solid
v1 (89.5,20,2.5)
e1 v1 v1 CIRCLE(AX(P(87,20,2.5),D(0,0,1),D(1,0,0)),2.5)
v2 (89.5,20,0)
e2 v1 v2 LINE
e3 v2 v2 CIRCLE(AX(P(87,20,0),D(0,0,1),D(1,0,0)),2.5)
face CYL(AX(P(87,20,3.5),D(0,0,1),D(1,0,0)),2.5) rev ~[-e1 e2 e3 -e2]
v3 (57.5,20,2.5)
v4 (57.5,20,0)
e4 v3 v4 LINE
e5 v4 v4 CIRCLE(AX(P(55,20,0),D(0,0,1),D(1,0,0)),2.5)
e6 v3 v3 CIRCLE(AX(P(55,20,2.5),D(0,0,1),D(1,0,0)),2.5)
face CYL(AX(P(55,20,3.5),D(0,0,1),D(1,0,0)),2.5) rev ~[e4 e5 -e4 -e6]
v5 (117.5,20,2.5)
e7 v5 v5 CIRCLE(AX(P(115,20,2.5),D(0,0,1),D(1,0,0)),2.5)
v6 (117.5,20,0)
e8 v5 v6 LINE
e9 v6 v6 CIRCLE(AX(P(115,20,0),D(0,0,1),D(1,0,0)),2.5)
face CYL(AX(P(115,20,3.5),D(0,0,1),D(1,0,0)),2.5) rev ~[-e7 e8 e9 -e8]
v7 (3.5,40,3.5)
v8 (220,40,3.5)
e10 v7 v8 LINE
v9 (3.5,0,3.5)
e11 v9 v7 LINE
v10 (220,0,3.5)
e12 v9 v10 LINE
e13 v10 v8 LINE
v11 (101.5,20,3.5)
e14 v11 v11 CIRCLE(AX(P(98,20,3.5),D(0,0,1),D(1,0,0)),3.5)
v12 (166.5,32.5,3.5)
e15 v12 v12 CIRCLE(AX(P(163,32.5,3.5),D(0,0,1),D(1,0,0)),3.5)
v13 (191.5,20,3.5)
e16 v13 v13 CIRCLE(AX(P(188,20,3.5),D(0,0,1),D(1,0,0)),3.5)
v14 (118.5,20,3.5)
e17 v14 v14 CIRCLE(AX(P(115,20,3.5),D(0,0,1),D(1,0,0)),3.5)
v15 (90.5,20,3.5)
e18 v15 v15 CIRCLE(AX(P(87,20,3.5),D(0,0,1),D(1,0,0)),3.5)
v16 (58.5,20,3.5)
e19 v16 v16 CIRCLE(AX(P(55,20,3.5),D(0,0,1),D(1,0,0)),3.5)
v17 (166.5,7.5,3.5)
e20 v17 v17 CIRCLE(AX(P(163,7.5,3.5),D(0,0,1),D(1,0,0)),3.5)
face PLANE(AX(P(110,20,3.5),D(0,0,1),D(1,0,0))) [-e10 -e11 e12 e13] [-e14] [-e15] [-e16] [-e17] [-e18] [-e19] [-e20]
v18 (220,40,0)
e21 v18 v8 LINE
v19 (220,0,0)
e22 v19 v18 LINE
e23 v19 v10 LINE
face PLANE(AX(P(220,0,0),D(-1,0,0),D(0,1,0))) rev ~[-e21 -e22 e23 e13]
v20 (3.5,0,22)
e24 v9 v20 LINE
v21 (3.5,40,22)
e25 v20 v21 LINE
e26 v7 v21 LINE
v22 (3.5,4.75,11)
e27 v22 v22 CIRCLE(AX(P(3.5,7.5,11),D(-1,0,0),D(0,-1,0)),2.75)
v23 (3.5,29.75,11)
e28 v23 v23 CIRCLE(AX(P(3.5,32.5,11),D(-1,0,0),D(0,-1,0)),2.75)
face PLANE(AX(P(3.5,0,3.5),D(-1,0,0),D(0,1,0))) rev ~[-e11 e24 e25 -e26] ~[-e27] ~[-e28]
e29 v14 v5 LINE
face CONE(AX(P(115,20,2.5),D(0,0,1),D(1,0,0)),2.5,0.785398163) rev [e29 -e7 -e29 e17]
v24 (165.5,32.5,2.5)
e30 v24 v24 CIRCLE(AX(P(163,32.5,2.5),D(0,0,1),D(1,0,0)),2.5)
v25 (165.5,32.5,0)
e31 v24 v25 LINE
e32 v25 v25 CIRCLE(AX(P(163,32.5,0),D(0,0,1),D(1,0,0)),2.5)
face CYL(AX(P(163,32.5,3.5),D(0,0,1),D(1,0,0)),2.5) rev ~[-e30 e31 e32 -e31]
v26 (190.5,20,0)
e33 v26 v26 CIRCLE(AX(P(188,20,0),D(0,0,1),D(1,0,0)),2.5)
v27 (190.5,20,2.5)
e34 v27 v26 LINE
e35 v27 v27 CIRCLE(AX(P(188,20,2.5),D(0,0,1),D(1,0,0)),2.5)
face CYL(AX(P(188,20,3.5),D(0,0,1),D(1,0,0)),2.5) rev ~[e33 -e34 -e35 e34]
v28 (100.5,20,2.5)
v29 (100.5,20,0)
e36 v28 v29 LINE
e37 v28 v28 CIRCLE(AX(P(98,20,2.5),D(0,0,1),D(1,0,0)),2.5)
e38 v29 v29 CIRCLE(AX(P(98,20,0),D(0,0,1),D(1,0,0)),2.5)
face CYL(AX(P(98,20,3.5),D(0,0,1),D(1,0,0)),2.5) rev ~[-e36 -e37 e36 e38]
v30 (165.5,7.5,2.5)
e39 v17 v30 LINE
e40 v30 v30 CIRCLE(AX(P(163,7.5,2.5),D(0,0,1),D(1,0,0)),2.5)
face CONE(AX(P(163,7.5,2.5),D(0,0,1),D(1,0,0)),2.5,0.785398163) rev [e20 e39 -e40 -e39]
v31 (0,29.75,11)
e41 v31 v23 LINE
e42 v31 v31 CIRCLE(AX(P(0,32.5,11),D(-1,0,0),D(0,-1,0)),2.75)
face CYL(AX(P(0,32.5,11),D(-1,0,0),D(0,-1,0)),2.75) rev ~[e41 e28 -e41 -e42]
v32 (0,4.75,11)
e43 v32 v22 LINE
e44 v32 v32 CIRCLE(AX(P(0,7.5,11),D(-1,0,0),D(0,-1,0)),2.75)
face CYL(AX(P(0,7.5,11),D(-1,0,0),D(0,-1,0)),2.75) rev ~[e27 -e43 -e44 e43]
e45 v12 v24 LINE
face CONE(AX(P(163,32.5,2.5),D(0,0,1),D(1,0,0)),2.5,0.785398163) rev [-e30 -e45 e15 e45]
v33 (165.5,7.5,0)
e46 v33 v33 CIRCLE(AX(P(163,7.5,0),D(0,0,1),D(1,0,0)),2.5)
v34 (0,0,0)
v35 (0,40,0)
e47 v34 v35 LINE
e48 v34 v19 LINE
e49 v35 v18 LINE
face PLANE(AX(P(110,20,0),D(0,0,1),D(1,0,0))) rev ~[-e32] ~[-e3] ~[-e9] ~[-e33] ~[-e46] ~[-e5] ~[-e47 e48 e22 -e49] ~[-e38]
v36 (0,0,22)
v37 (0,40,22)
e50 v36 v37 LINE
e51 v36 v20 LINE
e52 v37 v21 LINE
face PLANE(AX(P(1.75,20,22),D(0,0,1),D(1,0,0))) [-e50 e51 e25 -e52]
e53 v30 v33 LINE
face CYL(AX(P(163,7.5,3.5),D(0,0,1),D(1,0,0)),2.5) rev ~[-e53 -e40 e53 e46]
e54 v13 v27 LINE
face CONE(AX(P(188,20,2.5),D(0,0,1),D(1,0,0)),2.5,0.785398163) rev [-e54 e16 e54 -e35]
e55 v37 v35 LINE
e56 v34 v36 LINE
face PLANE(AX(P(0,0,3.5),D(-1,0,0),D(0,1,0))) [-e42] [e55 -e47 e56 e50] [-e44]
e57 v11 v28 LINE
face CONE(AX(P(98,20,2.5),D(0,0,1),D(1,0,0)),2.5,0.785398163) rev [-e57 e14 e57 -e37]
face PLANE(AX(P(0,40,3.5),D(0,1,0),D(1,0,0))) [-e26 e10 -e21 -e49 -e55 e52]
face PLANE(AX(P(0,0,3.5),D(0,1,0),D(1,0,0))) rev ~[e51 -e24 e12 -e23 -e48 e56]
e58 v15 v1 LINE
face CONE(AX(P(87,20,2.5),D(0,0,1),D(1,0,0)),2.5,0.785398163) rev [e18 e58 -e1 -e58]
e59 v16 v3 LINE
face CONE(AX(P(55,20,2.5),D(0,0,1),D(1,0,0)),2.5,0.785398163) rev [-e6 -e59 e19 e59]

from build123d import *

# Parameters (mm, degrees)
SKETCH_W        = 220
SKETCH_H        = 40
PAD_DEPTH       = 3.5
SKETCH001_R     = 2.5
POCKET_DEPTH    = 3.501
CHAMFER_SIZE    = 1
SKETCH002_W     = 3.5
SKETCH002_H     = 40
PAD001_DEPTH    = 18.5
SKETCH003_R     = 2.75
POCKET001_DEPTH = 220.001


with BuildPart() as part:
    # Sketch → Pad (new body)
    with BuildSketch(Plane.XY):
        with Locations((110, 20)):
            Rectangle(SKETCH_W, SKETCH_H)
    extrude(amount=PAD_DEPTH)

    # Sketch001 (on Face6 of Pad) → Pocket (cut, through all)
    with BuildSketch(Plane.XY.offset(3.5)):
        with Locations((55, 20)):
            Circle(SKETCH001_R)
        with Locations((87, 20)):
            Circle(SKETCH001_R)
        with Locations((98, 20)):
            Circle(SKETCH001_R)
        with Locations((115, 20)):
            Circle(SKETCH001_R)
        with Locations((188, 20)):
            Circle(SKETCH001_R)
        with Locations((163, 32.5)):
            Circle(SKETCH001_R)
        with Locations((163, 7.5)):
            Circle(SKETCH001_R)
    extrude(amount=-POCKET_DEPTH, mode=Mode.SUBTRACT)

    # Chamfer
    chamfer_edges = [part.edges().sort_by_distance(p)[0] for p in [
        (52.5, 20, 3.5),
        (84.5, 20, 3.5),
        (95.5, 20, 3.5),
        (112.5, 20, 3.5),
        (160.5, 32.5, 3.5),
        (160.5, 7.5, 3.5),
        (185.5, 20, 3.5),
    ]]
    chamfer(chamfer_edges, length=CHAMFER_SIZE)

    # Sketch002 (on Face1 of Chamfer) → Pad001 (join)
    with BuildSketch(Plane.XY.offset(3.5)):
        with Locations((1.75, 20)):
            Rectangle(SKETCH002_W, SKETCH002_H)
    extrude(amount=PAD001_DEPTH)

    # Sketch003 → Pocket001 (cut, through all)
    with BuildSketch(Plane(origin=(0, 0, 0), x_dir=(0, -1, 0), z_dir=(-1, 0, 0))):
        with Locations((-32.5, 11)):
            Circle(SKETCH003_R)
        with Locations((-7.5, 11)):
            Circle(SKETCH003_R)
    extrude(amount=-POCKET001_DEPTH, mode=Mode.SUBTRACT)


solid = part.part
